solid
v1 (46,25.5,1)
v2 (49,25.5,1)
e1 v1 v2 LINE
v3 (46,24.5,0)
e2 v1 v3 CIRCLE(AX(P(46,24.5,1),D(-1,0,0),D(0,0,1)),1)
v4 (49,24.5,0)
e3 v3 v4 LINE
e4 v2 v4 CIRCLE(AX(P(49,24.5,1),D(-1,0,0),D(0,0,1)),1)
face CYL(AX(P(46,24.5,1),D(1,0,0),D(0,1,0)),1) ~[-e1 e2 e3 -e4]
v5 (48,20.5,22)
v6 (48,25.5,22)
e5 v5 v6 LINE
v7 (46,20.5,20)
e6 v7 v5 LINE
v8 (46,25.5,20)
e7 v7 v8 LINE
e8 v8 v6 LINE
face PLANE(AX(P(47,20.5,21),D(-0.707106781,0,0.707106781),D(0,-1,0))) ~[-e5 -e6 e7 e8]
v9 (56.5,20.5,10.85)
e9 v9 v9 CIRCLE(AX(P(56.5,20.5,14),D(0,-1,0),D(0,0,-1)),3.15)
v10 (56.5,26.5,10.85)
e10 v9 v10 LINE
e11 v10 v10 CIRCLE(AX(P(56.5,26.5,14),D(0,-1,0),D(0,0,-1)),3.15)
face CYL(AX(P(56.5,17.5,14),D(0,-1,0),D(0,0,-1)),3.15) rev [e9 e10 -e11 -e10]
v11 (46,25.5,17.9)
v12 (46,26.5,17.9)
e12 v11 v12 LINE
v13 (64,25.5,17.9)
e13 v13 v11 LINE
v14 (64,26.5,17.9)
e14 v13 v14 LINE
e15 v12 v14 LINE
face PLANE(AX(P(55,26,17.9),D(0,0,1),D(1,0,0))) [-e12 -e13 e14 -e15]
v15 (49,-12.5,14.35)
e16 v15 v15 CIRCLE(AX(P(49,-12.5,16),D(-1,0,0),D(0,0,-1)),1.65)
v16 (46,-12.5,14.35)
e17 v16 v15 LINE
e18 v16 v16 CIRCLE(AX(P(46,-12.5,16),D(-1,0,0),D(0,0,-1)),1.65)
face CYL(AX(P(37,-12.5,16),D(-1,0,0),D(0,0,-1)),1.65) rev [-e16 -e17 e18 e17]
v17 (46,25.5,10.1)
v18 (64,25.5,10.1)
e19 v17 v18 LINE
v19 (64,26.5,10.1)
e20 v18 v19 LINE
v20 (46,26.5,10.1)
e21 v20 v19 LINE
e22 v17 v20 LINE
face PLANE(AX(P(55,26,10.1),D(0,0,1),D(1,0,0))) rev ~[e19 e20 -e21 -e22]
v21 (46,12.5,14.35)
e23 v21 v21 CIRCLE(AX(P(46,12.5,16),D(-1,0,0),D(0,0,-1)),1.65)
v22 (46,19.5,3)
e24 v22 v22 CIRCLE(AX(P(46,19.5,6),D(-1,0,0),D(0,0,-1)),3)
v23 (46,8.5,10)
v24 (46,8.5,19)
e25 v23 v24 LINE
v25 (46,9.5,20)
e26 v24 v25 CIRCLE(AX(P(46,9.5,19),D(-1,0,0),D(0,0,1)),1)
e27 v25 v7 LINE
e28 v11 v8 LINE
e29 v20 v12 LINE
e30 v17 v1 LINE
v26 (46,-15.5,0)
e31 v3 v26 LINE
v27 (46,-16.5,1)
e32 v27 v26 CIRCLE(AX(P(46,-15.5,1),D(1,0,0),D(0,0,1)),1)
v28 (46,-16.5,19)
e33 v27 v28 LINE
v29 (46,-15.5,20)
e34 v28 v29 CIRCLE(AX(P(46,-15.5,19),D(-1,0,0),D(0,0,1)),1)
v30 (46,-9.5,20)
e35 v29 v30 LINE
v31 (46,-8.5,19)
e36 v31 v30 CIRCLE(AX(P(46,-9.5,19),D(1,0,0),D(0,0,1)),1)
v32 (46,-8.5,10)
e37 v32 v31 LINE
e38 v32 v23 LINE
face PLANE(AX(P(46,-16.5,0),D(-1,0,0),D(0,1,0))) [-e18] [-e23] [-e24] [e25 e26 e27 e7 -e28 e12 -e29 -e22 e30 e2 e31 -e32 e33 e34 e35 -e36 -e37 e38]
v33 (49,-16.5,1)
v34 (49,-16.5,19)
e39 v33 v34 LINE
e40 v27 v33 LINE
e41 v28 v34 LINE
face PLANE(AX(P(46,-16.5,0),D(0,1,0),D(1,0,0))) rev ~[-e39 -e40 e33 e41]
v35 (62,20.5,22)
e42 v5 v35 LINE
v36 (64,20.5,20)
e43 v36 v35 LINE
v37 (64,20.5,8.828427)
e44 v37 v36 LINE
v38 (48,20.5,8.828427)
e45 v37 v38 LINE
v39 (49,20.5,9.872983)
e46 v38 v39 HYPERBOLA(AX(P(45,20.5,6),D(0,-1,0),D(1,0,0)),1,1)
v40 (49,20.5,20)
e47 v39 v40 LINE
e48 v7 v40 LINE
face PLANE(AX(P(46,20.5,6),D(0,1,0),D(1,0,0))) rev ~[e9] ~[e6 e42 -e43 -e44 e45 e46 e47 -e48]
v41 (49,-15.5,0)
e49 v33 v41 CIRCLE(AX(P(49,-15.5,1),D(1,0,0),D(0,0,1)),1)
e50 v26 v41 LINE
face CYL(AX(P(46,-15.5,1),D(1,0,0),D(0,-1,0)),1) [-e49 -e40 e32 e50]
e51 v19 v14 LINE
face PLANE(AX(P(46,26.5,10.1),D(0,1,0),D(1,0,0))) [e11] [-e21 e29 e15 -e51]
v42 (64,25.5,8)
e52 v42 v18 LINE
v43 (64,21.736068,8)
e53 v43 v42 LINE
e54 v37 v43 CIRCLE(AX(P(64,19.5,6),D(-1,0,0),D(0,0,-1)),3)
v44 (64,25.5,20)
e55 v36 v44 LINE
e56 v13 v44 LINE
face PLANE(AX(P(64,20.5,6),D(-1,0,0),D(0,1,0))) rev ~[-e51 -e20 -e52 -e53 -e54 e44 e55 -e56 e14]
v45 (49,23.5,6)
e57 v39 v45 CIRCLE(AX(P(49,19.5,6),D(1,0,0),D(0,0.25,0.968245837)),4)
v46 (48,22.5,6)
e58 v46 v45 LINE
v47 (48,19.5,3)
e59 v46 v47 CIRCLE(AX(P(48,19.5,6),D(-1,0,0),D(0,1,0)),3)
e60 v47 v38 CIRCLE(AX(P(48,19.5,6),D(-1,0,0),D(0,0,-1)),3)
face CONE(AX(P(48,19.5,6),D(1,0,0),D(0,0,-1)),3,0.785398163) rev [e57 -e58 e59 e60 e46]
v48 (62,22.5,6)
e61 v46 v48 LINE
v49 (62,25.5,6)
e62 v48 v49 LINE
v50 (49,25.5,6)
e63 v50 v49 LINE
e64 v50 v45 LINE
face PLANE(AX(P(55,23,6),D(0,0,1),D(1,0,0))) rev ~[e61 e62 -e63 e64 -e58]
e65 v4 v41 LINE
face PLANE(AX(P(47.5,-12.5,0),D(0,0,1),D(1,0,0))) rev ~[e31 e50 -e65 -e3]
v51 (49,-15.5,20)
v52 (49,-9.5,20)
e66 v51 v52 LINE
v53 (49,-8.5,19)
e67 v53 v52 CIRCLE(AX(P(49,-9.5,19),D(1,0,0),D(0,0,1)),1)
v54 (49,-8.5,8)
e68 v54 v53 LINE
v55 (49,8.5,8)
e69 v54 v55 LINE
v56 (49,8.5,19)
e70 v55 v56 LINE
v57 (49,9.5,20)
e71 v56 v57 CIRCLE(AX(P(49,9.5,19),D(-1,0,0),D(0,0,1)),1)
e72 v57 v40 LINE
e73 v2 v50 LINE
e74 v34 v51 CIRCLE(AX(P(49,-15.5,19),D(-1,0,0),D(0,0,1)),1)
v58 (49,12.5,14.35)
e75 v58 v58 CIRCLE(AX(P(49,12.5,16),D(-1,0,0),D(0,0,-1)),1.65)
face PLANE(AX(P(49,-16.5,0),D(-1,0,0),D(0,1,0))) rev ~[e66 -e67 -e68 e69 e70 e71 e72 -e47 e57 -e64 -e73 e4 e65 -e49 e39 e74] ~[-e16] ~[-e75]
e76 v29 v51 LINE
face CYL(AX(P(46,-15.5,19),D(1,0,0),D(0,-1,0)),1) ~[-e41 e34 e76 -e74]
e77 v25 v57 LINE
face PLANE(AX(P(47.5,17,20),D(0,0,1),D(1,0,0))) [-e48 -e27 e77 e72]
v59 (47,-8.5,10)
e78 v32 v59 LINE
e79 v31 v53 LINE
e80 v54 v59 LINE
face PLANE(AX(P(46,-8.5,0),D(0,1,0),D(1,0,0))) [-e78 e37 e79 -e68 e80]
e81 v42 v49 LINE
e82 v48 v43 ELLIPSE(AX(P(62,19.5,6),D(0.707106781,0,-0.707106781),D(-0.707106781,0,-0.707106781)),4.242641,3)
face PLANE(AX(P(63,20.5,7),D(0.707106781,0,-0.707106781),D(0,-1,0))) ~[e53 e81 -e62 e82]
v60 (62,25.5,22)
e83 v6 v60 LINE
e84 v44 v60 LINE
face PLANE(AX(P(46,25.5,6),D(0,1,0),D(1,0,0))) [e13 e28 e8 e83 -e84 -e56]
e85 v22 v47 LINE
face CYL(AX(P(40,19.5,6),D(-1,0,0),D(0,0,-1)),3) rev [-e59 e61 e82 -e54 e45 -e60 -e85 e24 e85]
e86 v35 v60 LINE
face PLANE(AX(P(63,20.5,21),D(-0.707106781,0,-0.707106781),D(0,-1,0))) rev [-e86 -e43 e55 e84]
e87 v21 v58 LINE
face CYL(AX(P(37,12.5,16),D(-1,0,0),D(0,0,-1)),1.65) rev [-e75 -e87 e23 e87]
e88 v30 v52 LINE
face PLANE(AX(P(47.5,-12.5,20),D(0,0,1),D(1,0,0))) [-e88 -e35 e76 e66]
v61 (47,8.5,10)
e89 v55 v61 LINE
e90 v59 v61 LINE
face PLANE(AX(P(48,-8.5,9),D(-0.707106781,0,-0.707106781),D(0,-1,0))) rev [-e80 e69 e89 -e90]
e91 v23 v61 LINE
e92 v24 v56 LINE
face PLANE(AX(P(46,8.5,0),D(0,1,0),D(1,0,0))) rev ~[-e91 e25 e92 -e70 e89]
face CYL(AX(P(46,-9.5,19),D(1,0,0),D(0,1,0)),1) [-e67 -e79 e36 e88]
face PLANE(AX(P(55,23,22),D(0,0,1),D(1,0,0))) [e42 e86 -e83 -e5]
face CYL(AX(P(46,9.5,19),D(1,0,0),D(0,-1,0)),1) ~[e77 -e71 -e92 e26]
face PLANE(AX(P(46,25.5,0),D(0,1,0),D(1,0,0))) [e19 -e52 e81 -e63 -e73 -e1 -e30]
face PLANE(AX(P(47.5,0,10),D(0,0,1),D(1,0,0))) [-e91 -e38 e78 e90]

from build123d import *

# Parameters (mm, degrees)
CYLINDER055_R            = 3
CYLINDER055_DEPTH        = 26
CYLINDER047_R            = 1.65
CYLINDER047_DEPTH        = 23
CYLINDER046_R            = 1.65
CYLINDER046_DEPTH        = 23
BOX079_W                 = 3
BOX079_H                 = 17
BOX079_DEPTH             = 20
FILLET005015030019017_R  = 1
BOX080_W                 = 3
BOX080_H                 = 17
BOX080_DEPTH             = 10
CHAMFER010015011014_SIZE = 2
BOX078_W                 = 3
BOX078_H                 = 8
BOX078_DEPTH             = 20
FILLET005015030019016_R  = 1
CYLINDER054_R            = 3.15
CYLINDER054_DEPTH        = 10
BOX082_W                 = 18
BOX082_H                 = 1
BOX082_DEPTH             = 7.8
BOX081_W                 = 18
BOX081_H                 = 5
BOX081_DEPTH             = 16
CHAMFER010015011015_SIZE = 2
CHAMFER010015011016_SIZE = 1


with BuildPart() as cylinder055:
    # Cylinder055 → Cylinder055 (new body)
    with BuildSketch(Plane(origin=(40, 19.5, 6), x_dir=(0, 0, -1), z_dir=(1, 0, 0))):
        Circle(CYLINDER055_R)
    extrude(amount=CYLINDER055_DEPTH)


with BuildPart() as cylinder047:
    # Cylinder047 → Cylinder047 (new body)
    with BuildSketch(Plane(origin=(37, 12.5, 16), x_dir=(0, 0, -1), z_dir=(1, 0, 0))):
        Circle(CYLINDER047_R)
    extrude(amount=CYLINDER047_DEPTH)


with BuildPart() as fusion001021004009015013018008006003:
    # Cylinder046 → Cylinder046 (new body)
    with BuildSketch(Plane(origin=(37, -12.5, 16), x_dir=(0, 0, -1), z_dir=(1, 0, 0))):
        Circle(CYLINDER046_R)
    extrude(amount=CYLINDER046_DEPTH)

    # Fusion001021004009015013018008006003: union Cylinder047
    add(cylinder047.part)


with BuildPart() as fillet005015030019017:
    # Box079 → Box079 (new body)
    with BuildSketch(Plane(origin=(46, 8.5, 0), x_dir=(1, 0, 0), z_dir=(0, 0, 1))):
        with Locations((1.5, 8.5)):
            Rectangle(BOX079_W, BOX079_H)
    extrude(amount=BOX079_DEPTH)

    # Fillet005015030019017
    fillet005015030019017_edges = [fillet005015030019017.edges().sort_by_distance(p)[0] for p in [
        (47.5, 8.5, 20),
        (47.5, 25.5, 0),
    ]]
    fillet(fillet005015030019017_edges, radius=FILLET005015030019017_R)


with BuildPart() as chamfer010015011014:
    # Box080 → Box080 (new body)
    with BuildSketch(Plane(origin=(46, -8.5, 0), x_dir=(1, 0, 0), z_dir=(0, 0, 1))):
        with Locations((1.5, 8.5)):
            Rectangle(BOX080_W, BOX080_H)
    extrude(amount=BOX080_DEPTH)

    # Chamfer010015011014
    chamfer010015011014_edges = [chamfer010015011014.edges().sort_by_distance(p)[0] for p in [
        (49, 0, 10),
    ]]
    chamfer(chamfer010015011014_edges, length=CHAMFER010015011014_SIZE)


with BuildPart() as fillet005015030019016:
    # Box078 → Box078 (new body)
    with BuildSketch(Plane(origin=(46, -16.5, 0), x_dir=(1, 0, 0), z_dir=(0, 0, 1))):
        with Locations((1.5, 4)):
            Rectangle(BOX078_W, BOX078_H)
    extrude(amount=BOX078_DEPTH)

    # Fillet005015030019016
    fillet005015030019016_edges = [fillet005015030019016.edges().sort_by_distance(p)[0] for p in [
        (47.5, -16.5, 0),
        (47.5, -16.5, 20),
        (47.5, -8.5, 20),
    ]]
    fillet(fillet005015030019016_edges, radius=FILLET005015030019016_R)


with BuildPart() as cylinder054:
    # Cylinder054 → Cylinder054 (new body)
    with BuildSketch(Plane(origin=(56.5, 17.5, 14), x_dir=(0, 0, -1), z_dir=(0, 1, 0))):
        Circle(CYLINDER054_R)
    extrude(amount=CYLINDER054_DEPTH)


with BuildPart() as cube080:
    # Box082 → Box082 (new body)
    with BuildSketch(Plane(origin=(46, 25.5, 10.1), x_dir=(1, 0, 0), z_dir=(0, 0, 1))):
        with Locations((9, 0.5)):
            Rectangle(BOX082_W, BOX082_H)
    extrude(amount=BOX082_DEPTH)


with BuildPart() as chamfer010015011016:
    # Box081 → Box081 (new body)
    with BuildSketch(Plane(origin=(46, 20.5, 6), x_dir=(1, 0, 0), z_dir=(0, 0, 1))):
        with Locations((9, 2.5)):
            Rectangle(BOX081_W, BOX081_H)
    extrude(amount=BOX081_DEPTH)

    # Chamfer010015011015
    chamfer010015011015_edges = [chamfer010015011016.edges().sort_by_distance(p)[0] for p in [
        (46, 23, 22),
        (64, 23, 22),
        (64, 23, 6),
    ]]
    chamfer(chamfer010015011015_edges, length=CHAMFER010015011015_SIZE)

    # Fusion001021004009015013018008006004: union Cube080
    add(cube080.part)

    # Cut019003010005001012: cut Cylinder054
    add(cylinder054.part, mode=Mode.SUBTRACT)

    # Fusion001021004009015013018008006005: union Fillet005015030019017, Chamfer010015011014, Fillet005015030019016
    add(fillet005015030019017.part)
    add(chamfer010015011014.part)
    add(fillet005015030019016.part)

    # Cut019003010005001013: cut Fusion001021004009015013018008006003
    add(fusion001021004009015013018008006003.part, mode=Mode.SUBTRACT)

    # Cut019003010005001014: cut Cylinder055
    add(cylinder055.part, mode=Mode.SUBTRACT)

    # Chamfer010015011016
    chamfer010015011016_edges = [chamfer010015011016.edges().sort_by_distance(p)[0] for p in [
        (49, 16.543204, 6.507306),
    ]]
    chamfer(chamfer010015011016_edges, length=CHAMFER010015011016_SIZE)


solid = chamfer010015011016.part
